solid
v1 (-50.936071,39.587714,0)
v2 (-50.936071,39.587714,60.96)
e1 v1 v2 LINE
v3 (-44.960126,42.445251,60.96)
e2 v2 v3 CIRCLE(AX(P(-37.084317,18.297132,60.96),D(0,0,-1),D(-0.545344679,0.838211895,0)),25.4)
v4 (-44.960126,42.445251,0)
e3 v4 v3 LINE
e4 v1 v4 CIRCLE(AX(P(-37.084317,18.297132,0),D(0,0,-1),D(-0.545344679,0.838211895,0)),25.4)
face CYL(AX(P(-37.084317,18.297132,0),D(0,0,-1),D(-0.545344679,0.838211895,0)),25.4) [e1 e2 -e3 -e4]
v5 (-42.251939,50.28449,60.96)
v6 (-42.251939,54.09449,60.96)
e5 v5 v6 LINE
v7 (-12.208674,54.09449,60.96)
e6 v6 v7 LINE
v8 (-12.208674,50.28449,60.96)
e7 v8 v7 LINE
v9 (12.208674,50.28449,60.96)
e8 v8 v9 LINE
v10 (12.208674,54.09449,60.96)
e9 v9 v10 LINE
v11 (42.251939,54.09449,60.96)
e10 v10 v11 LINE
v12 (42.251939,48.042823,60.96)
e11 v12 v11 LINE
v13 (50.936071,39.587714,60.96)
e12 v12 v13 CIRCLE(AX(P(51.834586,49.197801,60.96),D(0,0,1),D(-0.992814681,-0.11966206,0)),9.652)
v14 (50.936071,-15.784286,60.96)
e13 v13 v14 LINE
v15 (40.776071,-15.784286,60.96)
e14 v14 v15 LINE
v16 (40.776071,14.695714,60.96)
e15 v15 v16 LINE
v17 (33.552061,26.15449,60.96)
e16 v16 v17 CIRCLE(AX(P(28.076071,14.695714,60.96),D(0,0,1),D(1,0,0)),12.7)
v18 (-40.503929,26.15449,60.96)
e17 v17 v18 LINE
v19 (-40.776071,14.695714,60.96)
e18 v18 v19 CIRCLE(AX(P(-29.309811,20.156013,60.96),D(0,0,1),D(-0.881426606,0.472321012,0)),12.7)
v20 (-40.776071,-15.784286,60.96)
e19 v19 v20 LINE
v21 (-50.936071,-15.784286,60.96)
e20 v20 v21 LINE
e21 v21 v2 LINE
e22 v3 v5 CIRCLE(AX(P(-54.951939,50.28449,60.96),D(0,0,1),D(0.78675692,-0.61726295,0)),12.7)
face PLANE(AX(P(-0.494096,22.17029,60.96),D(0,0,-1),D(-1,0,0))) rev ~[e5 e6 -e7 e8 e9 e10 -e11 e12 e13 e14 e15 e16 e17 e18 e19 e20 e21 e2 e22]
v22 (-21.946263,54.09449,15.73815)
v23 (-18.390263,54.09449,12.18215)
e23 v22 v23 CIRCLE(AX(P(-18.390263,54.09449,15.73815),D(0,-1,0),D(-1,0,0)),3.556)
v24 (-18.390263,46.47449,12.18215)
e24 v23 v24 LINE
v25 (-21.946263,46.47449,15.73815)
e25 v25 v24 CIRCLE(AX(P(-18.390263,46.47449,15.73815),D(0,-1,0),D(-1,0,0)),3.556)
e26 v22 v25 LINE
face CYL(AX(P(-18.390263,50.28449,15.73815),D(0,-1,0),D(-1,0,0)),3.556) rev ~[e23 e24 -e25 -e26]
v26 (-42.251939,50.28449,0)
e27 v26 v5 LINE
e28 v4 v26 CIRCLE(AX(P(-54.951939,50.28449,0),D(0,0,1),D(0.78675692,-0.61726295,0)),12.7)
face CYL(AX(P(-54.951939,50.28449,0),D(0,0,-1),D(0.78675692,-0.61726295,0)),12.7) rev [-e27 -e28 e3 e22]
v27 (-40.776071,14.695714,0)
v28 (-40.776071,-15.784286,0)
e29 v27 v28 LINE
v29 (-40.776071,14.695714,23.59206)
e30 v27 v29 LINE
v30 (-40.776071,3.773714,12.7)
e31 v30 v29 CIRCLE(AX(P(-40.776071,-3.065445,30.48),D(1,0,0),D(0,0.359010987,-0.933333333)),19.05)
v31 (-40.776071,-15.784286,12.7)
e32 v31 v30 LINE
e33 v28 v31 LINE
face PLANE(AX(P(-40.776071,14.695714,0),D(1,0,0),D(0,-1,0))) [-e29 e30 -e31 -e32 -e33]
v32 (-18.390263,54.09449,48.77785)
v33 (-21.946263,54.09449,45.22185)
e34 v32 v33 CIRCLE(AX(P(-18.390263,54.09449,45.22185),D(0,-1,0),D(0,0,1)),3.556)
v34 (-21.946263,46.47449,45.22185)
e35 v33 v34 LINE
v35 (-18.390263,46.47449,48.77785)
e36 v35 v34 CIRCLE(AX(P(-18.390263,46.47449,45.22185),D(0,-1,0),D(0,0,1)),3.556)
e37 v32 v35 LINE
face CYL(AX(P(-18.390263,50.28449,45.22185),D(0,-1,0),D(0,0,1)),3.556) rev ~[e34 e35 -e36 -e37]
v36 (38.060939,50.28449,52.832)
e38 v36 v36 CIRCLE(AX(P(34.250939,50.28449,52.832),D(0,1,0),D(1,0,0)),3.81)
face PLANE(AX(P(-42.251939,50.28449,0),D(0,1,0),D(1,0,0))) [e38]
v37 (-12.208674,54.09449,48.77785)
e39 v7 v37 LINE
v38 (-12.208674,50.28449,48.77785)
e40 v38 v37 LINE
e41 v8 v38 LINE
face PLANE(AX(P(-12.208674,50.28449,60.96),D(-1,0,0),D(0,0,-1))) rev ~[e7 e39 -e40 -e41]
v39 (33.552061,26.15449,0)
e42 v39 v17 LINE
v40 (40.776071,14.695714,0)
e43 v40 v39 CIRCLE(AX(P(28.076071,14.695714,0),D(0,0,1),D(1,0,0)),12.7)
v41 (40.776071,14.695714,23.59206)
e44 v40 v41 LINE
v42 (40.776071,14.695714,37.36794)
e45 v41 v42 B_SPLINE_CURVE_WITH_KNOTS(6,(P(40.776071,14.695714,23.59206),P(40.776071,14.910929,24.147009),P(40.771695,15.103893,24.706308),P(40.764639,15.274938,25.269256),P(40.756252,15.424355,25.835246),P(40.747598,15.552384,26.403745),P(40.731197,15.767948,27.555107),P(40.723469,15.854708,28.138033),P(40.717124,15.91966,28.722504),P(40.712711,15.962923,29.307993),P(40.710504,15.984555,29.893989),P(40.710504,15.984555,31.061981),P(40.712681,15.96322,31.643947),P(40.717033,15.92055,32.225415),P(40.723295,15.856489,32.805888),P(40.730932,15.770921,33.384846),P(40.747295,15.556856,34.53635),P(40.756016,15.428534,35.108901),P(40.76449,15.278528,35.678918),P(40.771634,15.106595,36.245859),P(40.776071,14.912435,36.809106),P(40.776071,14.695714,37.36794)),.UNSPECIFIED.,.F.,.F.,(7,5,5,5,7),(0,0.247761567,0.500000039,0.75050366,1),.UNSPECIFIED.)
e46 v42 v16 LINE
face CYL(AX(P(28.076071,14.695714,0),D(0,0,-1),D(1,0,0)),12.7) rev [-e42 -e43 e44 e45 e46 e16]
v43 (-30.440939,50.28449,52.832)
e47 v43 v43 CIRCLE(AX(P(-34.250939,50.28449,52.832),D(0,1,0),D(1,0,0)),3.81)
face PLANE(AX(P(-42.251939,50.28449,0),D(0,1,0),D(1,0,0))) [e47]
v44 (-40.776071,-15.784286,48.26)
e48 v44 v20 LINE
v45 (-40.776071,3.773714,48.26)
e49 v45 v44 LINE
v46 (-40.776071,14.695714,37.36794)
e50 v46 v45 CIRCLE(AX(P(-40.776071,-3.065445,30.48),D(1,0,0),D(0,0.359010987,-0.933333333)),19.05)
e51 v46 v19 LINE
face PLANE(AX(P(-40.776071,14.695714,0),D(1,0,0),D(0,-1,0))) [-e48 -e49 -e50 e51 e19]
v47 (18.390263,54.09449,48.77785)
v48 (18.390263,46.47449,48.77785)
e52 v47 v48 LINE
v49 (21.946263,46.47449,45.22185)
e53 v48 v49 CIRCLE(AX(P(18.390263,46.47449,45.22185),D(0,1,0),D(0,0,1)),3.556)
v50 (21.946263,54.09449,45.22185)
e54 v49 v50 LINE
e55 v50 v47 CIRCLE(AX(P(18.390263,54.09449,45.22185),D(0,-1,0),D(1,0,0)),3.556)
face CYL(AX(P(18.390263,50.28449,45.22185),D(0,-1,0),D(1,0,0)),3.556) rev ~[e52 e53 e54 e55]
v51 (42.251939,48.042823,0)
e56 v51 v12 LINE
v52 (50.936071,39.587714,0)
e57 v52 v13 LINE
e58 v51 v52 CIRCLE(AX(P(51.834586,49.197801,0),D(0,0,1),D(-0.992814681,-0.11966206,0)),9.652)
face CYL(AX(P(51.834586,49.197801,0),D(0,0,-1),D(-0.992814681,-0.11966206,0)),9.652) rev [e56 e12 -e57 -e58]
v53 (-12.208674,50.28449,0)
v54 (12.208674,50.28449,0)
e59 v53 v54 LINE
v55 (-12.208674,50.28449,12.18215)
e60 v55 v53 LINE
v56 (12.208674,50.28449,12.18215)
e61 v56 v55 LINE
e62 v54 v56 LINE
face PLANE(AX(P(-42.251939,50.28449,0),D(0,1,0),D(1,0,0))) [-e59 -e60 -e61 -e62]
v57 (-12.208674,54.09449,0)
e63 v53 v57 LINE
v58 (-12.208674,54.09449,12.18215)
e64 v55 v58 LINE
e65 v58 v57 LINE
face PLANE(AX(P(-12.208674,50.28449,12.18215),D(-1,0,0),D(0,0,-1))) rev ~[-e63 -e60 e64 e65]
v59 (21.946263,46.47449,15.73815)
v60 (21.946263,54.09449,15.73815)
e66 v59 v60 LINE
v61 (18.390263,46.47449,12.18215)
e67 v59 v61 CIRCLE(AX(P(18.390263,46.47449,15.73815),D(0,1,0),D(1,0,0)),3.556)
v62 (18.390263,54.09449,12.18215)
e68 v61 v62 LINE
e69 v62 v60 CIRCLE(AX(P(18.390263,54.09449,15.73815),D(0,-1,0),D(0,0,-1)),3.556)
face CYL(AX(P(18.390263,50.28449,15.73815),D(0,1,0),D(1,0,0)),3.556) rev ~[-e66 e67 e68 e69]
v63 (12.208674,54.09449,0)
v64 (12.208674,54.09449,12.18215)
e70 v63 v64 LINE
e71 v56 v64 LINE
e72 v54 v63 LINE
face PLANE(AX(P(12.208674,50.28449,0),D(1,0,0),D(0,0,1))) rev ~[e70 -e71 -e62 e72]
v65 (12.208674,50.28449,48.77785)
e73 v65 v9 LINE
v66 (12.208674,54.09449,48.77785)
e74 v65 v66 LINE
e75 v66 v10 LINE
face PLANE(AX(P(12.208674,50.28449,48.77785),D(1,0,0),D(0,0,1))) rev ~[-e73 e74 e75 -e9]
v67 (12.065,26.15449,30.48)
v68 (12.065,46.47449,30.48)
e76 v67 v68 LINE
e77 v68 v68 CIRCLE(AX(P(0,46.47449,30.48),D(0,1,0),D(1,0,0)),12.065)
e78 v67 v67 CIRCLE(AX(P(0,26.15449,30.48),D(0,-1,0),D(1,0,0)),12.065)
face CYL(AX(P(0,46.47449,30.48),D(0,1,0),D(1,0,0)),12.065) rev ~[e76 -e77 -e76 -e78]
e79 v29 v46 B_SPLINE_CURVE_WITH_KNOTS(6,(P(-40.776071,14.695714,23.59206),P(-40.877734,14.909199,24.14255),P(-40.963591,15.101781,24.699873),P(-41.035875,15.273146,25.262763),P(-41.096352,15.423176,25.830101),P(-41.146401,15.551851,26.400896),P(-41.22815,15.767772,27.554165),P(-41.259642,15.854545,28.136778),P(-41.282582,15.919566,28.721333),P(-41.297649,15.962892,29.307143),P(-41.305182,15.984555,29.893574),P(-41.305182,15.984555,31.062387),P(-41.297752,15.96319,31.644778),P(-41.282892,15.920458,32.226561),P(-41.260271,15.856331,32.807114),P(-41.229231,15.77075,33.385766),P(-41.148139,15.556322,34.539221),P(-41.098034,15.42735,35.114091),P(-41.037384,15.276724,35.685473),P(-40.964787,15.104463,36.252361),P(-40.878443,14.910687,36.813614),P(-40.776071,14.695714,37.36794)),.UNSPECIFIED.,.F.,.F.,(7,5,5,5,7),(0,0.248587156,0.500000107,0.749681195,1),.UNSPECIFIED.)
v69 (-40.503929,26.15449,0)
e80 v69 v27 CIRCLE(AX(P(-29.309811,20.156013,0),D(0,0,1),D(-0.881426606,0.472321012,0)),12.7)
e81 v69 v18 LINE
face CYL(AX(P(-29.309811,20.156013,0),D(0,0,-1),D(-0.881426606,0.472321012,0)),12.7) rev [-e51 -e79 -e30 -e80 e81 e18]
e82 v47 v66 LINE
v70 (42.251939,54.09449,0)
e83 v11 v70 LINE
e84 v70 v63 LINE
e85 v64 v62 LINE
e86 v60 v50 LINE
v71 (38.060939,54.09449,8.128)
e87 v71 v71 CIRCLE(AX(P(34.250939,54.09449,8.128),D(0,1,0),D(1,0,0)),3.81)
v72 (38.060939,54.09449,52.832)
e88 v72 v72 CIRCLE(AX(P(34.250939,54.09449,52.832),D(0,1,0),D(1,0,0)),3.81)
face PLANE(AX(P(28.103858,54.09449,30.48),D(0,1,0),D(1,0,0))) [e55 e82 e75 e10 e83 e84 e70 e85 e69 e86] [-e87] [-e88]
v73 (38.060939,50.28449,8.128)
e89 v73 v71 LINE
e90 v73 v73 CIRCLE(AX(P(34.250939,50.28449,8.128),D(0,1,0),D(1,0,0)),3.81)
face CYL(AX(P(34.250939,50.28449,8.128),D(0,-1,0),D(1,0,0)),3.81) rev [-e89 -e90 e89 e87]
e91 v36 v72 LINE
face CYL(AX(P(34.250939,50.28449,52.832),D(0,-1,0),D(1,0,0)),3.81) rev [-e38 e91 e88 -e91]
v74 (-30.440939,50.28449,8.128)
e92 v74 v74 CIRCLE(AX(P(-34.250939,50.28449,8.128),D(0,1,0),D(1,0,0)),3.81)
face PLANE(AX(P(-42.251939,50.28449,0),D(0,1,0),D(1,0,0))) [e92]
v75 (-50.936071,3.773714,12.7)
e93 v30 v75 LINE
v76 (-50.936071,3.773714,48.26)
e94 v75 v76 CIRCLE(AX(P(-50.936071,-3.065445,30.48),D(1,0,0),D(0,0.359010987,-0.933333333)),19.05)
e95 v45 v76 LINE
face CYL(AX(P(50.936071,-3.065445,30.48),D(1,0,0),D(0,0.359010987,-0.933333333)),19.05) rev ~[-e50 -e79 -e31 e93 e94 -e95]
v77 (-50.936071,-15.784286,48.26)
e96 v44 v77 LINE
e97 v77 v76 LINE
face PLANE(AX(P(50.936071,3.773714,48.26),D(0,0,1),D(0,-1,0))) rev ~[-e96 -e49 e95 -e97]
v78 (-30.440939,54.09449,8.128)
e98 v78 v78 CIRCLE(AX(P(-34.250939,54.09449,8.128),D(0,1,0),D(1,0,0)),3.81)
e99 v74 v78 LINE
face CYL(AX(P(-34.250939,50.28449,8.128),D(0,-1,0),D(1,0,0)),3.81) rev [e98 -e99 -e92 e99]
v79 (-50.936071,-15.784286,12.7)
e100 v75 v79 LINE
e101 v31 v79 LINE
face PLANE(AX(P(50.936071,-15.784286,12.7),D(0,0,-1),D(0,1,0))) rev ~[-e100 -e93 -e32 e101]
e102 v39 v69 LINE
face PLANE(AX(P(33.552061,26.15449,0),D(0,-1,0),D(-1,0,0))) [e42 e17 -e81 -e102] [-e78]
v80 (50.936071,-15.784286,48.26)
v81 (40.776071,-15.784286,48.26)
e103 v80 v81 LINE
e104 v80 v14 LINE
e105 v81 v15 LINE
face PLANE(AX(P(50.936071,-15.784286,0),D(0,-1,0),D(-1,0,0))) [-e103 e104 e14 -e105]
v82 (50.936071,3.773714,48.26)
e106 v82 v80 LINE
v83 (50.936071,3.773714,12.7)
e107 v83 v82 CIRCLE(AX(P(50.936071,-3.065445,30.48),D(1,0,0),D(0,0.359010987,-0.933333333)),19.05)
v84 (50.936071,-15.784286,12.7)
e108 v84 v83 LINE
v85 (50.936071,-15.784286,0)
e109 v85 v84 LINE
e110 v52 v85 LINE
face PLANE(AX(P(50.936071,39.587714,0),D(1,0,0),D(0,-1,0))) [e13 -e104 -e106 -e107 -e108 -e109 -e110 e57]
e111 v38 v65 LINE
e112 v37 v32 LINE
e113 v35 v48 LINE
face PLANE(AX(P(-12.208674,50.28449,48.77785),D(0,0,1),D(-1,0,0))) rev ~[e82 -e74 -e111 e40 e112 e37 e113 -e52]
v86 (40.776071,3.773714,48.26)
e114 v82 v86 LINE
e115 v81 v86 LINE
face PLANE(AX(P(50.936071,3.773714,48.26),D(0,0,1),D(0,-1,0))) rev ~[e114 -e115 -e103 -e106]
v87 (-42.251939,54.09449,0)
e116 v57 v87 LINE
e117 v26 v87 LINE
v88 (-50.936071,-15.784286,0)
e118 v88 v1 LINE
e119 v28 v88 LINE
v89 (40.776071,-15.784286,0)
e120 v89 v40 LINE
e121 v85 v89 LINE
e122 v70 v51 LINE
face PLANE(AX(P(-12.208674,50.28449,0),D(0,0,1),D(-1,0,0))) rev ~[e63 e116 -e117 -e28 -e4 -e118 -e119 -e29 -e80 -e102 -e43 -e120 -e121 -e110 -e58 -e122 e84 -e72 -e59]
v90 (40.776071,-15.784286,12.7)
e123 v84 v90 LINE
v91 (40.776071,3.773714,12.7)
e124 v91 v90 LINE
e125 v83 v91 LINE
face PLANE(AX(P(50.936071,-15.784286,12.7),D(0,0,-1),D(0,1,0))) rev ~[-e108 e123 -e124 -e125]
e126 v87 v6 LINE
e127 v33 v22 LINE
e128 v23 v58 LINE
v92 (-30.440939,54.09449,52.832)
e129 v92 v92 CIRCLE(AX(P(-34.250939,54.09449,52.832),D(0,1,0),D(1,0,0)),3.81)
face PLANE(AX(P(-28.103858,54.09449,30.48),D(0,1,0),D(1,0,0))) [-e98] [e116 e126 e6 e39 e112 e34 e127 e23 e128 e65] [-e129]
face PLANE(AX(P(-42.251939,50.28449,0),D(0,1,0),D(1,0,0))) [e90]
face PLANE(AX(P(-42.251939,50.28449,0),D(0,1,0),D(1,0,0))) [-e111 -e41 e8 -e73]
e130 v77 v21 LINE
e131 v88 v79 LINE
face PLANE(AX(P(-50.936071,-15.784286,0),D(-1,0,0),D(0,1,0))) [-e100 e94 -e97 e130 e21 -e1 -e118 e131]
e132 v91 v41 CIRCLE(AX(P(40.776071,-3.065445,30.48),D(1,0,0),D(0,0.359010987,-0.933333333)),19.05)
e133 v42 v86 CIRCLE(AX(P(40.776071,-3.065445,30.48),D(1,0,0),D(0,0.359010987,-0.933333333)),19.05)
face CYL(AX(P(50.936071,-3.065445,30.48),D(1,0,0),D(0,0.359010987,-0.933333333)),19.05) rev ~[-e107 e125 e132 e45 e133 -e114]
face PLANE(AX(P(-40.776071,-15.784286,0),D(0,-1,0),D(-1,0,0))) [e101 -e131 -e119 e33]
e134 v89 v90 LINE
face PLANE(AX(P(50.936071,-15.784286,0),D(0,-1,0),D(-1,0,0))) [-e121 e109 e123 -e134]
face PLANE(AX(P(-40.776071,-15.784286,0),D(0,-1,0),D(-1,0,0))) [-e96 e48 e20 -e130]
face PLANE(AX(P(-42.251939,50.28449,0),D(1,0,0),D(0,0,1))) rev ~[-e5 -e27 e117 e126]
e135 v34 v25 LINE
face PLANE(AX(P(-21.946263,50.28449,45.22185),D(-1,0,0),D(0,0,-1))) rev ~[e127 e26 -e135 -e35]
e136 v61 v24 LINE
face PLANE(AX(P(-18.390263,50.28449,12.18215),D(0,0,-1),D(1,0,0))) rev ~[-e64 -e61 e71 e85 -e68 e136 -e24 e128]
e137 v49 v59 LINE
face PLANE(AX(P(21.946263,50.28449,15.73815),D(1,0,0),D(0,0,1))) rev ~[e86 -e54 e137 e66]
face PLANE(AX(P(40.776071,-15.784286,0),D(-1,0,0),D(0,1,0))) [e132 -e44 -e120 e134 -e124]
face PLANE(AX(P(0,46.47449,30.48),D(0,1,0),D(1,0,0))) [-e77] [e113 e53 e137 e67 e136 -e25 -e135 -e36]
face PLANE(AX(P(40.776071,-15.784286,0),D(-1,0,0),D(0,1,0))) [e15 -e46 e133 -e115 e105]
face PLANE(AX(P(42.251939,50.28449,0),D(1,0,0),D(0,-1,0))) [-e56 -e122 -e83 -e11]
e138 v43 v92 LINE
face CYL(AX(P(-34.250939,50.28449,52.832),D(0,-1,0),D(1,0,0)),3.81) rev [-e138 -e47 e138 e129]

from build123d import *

# Parameters (mm, degrees)
BOSS_EXTRUDE1_DEPTH     = 60.96
SKETCH4_R               = 12.065
CUT_EXTRUDE3_DEPTH      = 3.81
CUT_EXTRUDE4_DEPTH      = 1
CUT_EXTRUDE4_DEPTH_BACK = 102.872142857
SKETCH7_R               = 3.81
BOSS_EXTRUDE3_DEPTH     = 3.81
CUT_EXTRUDE7_DEPTH      = 3.81
SKETCH11_R              = 12.065
CUT_EXTRUDE8_DEPTH      = 114.3


with BuildPart() as part:
    # Sketch1 → Boss-Extrude1 (new body)
    with BuildSketch(Plane.XY):
        with BuildLine():
            Line((40.776071429, -15.784285714), (40.776071429, 14.695714286))
            ThreePointArc((40.776071429, 14.695714286), (38.819326582, 21.468636013), (33.552060607, 26.154490072))
            Line((33.552060607, 26.154490072), (-40.503928571, 26.154490072))
            ThreePointArc((-40.503928571, 26.154490072), (-42.006230477, 20.457549787), (-40.776071429, 14.695714286))
            Line((-40.776071429, 14.695714286), (-40.776071429, -15.784285714))
            Line((-40.776071429, -15.784285714), (-50.936071429, -15.784285714))
            Line((-50.936071429, -15.784285714), (-50.936071429, 39.587714286))
            ThreePointArc((-50.936071429, 39.587714286), (-48.041649354, 41.212124157), (-44.960126074, 42.445250611))
            ThreePointArc((-44.960126074, 42.445250611), (-42.948064089, 46.137564922), (-42.251938956, 50.284490072))
            Line((-42.251938956, 50.284490072), (-29.309810678, 50.284490072))
            Line((-29.309810678, 50.284490072), (29.309810678, 50.284490072))
            Line((29.309810678, 50.284490072), (42.251938956, 50.284490072))
            Line((42.251938956, 50.284490072), (42.251938956, 48.042823233))
            ThreePointArc((42.251938956, 48.042823233), (45.101391865, 42.282225017), (50.936071429, 39.587714286))
            Line((50.936071429, 39.587714286), (50.936071429, -15.784285714))
            Line((50.936071429, -15.784285714), (40.776071429, -15.784285714))
        make_face()
    extrude(amount=BOSS_EXTRUDE1_DEPTH)

    # Sketch4 → Cut-Extrude3 (cut)
    with BuildSketch(Plane(origin=(0, 46.474490072, 0), x_dir=(1, 0, 0), z_dir=(0, 1, 0))):
        with Locations((0, -30.48)):
            Circle(SKETCH4_R)
    extrude(amount=-CUT_EXTRUDE3_DEPTH, mode=Mode.SUBTRACT)

    # Sketch6 → Cut-Extrude4 (cut, two sides)
    with BuildSketch(Plane(origin=(50.936071429, 0, 0), x_dir=(0, 0, -1), z_dir=(1, 0, 0))) as cut_extrude4_sk:
        with BuildLine():
            Line((-48.26, 3.773714286), (-48.26, -15.784285714))
            Line((-48.26, -15.784285714), (-12.7, -15.784285714))
            Line((-12.7, -15.784285714), (-12.7, 3.773714286))
            ThreePointArc((-12.7, 3.773714286), (-30.48, 15.984554981), (-48.26, 3.773714286))
        make_face()
    extrude(amount=CUT_EXTRUDE4_DEPTH, mode=Mode.SUBTRACT)
    extrude(cut_extrude4_sk.sketch, amount=-CUT_EXTRUDE4_DEPTH_BACK, mode=Mode.SUBTRACT)

    # Sketch7 → Boss-Extrude3 (add)
    with BuildSketch(Plane(origin=(0, 50.284490072, 0), x_dir=(1, 0, 0), z_dir=(0, 1, 0))):
        with BuildLine():
            Line((-12.20867372, -12.182150361), (-12.20867372, 0))
            Line((-12.20867372, 0), (-42.251938956, 0))
            Line((-42.251938956, 0), (-42.251938956, -60.96))
            Line((-42.251938956, -60.96), (-12.20867372, -60.96))
            Line((-12.20867372, -60.96), (-12.20867372, -48.777849639))
            Line((-12.20867372, -48.777849639), (-18.390263021, -48.777849639))
            ThreePointArc((-18.390263021, -48.777849639), (-20.904734735, -47.736321353), (-21.946263021, -45.221849639))
            Line((-21.946263021, -45.221849639), (-21.946263021, -15.738150361))
            ThreePointArc((-21.946263021, -15.738150361), (-20.904734735, -13.223678647), (-18.390263021, -12.182150361))
            Line((-18.390263021, -12.182150361), (-12.20867372, -12.182150361))
        make_face()
        with Locations((-34.250938956, -52.832)):
            Circle(SKETCH7_R, mode=Mode.SUBTRACT)
        with Locations((-34.250938956, -8.128)):
            Circle(SKETCH7_R, mode=Mode.SUBTRACT)
        with BuildLine():
            Line((42.251938956, 0), (12.20867372, 0))
            Line((12.20867372, 0), (12.20867372, -12.182150361))
            Line((12.20867372, -12.182150361), (18.390263021, -12.182150361))
            ThreePointArc((18.390263021, -12.182150361), (20.904734735, -13.223678647), (21.946263021, -15.738150361))
            Line((21.946263021, -15.738150361), (21.946263021, -45.221849639))
            ThreePointArc((21.946263021, -45.221849639), (20.904734735, -47.736321353), (18.390263021, -48.777849639))
            Line((18.390263021, -48.777849639), (12.20867372, -48.777849639))
            Line((12.20867372, -48.777849639), (12.20867372, -60.96))
            Line((12.20867372, -60.96), (42.251938956, -60.96))
            Line((42.251938956, -60.96), (42.251938956, 0))
        make_face()
        with Locations((34.250938956, -52.832)):
            Circle(SKETCH7_R, mode=Mode.SUBTRACT)
        with Locations((34.250938956, -8.128)):
            Circle(SKETCH7_R, mode=Mode.SUBTRACT)
    extrude(amount=BOSS_EXTRUDE3_DEPTH)

    # Sketch8 → Cut-Extrude7 (cut)
    with BuildSketch(Plane(origin=(0, 50.284490072, 0), x_dir=(1, 0, 0), z_dir=(0, 1, 0))):
        Polygon((-12.20867372, -12.182150361), (-18.390263021, -12.182150361), (-18.390263021, -48.777849639), (-12.20867372, -48.777849639), (12.20867372, -48.777849639), (18.390263021, -48.777849639), (18.390263021, -12.182150361), (12.20867372, -12.182150361), align=None)
        with BuildLine():
            Line((-18.390263021, -12.182150361), (-18.390263021, -48.777849639))
            ThreePointArc((-18.390263021, -48.777849639), (-20.904734735, -47.736321353), (-21.946263021, -45.221849639))
            Line((-21.946263021, -45.221849639), (-21.946263021, -15.738150361))
            ThreePointArc((-21.946263021, -15.738150361), (-20.904734735, -13.223678647), (-18.390263021, -12.182150361))
        make_face()
        with BuildLine():
            Line((18.390263021, -12.182150361), (18.390263021, -48.777849639))
            ThreePointArc((18.390263021, -48.777849639), (20.904734735, -47.736321353), (21.946263021, -45.221849639))
            Line((21.946263021, -45.221849639), (21.946263021, -15.738150361))
            ThreePointArc((21.946263021, -15.738150361), (20.904734735, -13.223678647), (18.390263021, -12.182150361))
        make_face()
    extrude(amount=-CUT_EXTRUDE7_DEPTH, mode=Mode.SUBTRACT)

    # Sketch11 → Cut-Extrude8 (cut)
    with BuildSketch(Plane(origin=(0, 0, 0), x_dir=(1, 0, 0), z_dir=(0, 1, 0))):
        with Locations((0, -30.48)):
            Circle(SKETCH11_R)
    extrude(amount=CUT_EXTRUDE8_DEPTH, mode=Mode.SUBTRACT)


solid = part.part
